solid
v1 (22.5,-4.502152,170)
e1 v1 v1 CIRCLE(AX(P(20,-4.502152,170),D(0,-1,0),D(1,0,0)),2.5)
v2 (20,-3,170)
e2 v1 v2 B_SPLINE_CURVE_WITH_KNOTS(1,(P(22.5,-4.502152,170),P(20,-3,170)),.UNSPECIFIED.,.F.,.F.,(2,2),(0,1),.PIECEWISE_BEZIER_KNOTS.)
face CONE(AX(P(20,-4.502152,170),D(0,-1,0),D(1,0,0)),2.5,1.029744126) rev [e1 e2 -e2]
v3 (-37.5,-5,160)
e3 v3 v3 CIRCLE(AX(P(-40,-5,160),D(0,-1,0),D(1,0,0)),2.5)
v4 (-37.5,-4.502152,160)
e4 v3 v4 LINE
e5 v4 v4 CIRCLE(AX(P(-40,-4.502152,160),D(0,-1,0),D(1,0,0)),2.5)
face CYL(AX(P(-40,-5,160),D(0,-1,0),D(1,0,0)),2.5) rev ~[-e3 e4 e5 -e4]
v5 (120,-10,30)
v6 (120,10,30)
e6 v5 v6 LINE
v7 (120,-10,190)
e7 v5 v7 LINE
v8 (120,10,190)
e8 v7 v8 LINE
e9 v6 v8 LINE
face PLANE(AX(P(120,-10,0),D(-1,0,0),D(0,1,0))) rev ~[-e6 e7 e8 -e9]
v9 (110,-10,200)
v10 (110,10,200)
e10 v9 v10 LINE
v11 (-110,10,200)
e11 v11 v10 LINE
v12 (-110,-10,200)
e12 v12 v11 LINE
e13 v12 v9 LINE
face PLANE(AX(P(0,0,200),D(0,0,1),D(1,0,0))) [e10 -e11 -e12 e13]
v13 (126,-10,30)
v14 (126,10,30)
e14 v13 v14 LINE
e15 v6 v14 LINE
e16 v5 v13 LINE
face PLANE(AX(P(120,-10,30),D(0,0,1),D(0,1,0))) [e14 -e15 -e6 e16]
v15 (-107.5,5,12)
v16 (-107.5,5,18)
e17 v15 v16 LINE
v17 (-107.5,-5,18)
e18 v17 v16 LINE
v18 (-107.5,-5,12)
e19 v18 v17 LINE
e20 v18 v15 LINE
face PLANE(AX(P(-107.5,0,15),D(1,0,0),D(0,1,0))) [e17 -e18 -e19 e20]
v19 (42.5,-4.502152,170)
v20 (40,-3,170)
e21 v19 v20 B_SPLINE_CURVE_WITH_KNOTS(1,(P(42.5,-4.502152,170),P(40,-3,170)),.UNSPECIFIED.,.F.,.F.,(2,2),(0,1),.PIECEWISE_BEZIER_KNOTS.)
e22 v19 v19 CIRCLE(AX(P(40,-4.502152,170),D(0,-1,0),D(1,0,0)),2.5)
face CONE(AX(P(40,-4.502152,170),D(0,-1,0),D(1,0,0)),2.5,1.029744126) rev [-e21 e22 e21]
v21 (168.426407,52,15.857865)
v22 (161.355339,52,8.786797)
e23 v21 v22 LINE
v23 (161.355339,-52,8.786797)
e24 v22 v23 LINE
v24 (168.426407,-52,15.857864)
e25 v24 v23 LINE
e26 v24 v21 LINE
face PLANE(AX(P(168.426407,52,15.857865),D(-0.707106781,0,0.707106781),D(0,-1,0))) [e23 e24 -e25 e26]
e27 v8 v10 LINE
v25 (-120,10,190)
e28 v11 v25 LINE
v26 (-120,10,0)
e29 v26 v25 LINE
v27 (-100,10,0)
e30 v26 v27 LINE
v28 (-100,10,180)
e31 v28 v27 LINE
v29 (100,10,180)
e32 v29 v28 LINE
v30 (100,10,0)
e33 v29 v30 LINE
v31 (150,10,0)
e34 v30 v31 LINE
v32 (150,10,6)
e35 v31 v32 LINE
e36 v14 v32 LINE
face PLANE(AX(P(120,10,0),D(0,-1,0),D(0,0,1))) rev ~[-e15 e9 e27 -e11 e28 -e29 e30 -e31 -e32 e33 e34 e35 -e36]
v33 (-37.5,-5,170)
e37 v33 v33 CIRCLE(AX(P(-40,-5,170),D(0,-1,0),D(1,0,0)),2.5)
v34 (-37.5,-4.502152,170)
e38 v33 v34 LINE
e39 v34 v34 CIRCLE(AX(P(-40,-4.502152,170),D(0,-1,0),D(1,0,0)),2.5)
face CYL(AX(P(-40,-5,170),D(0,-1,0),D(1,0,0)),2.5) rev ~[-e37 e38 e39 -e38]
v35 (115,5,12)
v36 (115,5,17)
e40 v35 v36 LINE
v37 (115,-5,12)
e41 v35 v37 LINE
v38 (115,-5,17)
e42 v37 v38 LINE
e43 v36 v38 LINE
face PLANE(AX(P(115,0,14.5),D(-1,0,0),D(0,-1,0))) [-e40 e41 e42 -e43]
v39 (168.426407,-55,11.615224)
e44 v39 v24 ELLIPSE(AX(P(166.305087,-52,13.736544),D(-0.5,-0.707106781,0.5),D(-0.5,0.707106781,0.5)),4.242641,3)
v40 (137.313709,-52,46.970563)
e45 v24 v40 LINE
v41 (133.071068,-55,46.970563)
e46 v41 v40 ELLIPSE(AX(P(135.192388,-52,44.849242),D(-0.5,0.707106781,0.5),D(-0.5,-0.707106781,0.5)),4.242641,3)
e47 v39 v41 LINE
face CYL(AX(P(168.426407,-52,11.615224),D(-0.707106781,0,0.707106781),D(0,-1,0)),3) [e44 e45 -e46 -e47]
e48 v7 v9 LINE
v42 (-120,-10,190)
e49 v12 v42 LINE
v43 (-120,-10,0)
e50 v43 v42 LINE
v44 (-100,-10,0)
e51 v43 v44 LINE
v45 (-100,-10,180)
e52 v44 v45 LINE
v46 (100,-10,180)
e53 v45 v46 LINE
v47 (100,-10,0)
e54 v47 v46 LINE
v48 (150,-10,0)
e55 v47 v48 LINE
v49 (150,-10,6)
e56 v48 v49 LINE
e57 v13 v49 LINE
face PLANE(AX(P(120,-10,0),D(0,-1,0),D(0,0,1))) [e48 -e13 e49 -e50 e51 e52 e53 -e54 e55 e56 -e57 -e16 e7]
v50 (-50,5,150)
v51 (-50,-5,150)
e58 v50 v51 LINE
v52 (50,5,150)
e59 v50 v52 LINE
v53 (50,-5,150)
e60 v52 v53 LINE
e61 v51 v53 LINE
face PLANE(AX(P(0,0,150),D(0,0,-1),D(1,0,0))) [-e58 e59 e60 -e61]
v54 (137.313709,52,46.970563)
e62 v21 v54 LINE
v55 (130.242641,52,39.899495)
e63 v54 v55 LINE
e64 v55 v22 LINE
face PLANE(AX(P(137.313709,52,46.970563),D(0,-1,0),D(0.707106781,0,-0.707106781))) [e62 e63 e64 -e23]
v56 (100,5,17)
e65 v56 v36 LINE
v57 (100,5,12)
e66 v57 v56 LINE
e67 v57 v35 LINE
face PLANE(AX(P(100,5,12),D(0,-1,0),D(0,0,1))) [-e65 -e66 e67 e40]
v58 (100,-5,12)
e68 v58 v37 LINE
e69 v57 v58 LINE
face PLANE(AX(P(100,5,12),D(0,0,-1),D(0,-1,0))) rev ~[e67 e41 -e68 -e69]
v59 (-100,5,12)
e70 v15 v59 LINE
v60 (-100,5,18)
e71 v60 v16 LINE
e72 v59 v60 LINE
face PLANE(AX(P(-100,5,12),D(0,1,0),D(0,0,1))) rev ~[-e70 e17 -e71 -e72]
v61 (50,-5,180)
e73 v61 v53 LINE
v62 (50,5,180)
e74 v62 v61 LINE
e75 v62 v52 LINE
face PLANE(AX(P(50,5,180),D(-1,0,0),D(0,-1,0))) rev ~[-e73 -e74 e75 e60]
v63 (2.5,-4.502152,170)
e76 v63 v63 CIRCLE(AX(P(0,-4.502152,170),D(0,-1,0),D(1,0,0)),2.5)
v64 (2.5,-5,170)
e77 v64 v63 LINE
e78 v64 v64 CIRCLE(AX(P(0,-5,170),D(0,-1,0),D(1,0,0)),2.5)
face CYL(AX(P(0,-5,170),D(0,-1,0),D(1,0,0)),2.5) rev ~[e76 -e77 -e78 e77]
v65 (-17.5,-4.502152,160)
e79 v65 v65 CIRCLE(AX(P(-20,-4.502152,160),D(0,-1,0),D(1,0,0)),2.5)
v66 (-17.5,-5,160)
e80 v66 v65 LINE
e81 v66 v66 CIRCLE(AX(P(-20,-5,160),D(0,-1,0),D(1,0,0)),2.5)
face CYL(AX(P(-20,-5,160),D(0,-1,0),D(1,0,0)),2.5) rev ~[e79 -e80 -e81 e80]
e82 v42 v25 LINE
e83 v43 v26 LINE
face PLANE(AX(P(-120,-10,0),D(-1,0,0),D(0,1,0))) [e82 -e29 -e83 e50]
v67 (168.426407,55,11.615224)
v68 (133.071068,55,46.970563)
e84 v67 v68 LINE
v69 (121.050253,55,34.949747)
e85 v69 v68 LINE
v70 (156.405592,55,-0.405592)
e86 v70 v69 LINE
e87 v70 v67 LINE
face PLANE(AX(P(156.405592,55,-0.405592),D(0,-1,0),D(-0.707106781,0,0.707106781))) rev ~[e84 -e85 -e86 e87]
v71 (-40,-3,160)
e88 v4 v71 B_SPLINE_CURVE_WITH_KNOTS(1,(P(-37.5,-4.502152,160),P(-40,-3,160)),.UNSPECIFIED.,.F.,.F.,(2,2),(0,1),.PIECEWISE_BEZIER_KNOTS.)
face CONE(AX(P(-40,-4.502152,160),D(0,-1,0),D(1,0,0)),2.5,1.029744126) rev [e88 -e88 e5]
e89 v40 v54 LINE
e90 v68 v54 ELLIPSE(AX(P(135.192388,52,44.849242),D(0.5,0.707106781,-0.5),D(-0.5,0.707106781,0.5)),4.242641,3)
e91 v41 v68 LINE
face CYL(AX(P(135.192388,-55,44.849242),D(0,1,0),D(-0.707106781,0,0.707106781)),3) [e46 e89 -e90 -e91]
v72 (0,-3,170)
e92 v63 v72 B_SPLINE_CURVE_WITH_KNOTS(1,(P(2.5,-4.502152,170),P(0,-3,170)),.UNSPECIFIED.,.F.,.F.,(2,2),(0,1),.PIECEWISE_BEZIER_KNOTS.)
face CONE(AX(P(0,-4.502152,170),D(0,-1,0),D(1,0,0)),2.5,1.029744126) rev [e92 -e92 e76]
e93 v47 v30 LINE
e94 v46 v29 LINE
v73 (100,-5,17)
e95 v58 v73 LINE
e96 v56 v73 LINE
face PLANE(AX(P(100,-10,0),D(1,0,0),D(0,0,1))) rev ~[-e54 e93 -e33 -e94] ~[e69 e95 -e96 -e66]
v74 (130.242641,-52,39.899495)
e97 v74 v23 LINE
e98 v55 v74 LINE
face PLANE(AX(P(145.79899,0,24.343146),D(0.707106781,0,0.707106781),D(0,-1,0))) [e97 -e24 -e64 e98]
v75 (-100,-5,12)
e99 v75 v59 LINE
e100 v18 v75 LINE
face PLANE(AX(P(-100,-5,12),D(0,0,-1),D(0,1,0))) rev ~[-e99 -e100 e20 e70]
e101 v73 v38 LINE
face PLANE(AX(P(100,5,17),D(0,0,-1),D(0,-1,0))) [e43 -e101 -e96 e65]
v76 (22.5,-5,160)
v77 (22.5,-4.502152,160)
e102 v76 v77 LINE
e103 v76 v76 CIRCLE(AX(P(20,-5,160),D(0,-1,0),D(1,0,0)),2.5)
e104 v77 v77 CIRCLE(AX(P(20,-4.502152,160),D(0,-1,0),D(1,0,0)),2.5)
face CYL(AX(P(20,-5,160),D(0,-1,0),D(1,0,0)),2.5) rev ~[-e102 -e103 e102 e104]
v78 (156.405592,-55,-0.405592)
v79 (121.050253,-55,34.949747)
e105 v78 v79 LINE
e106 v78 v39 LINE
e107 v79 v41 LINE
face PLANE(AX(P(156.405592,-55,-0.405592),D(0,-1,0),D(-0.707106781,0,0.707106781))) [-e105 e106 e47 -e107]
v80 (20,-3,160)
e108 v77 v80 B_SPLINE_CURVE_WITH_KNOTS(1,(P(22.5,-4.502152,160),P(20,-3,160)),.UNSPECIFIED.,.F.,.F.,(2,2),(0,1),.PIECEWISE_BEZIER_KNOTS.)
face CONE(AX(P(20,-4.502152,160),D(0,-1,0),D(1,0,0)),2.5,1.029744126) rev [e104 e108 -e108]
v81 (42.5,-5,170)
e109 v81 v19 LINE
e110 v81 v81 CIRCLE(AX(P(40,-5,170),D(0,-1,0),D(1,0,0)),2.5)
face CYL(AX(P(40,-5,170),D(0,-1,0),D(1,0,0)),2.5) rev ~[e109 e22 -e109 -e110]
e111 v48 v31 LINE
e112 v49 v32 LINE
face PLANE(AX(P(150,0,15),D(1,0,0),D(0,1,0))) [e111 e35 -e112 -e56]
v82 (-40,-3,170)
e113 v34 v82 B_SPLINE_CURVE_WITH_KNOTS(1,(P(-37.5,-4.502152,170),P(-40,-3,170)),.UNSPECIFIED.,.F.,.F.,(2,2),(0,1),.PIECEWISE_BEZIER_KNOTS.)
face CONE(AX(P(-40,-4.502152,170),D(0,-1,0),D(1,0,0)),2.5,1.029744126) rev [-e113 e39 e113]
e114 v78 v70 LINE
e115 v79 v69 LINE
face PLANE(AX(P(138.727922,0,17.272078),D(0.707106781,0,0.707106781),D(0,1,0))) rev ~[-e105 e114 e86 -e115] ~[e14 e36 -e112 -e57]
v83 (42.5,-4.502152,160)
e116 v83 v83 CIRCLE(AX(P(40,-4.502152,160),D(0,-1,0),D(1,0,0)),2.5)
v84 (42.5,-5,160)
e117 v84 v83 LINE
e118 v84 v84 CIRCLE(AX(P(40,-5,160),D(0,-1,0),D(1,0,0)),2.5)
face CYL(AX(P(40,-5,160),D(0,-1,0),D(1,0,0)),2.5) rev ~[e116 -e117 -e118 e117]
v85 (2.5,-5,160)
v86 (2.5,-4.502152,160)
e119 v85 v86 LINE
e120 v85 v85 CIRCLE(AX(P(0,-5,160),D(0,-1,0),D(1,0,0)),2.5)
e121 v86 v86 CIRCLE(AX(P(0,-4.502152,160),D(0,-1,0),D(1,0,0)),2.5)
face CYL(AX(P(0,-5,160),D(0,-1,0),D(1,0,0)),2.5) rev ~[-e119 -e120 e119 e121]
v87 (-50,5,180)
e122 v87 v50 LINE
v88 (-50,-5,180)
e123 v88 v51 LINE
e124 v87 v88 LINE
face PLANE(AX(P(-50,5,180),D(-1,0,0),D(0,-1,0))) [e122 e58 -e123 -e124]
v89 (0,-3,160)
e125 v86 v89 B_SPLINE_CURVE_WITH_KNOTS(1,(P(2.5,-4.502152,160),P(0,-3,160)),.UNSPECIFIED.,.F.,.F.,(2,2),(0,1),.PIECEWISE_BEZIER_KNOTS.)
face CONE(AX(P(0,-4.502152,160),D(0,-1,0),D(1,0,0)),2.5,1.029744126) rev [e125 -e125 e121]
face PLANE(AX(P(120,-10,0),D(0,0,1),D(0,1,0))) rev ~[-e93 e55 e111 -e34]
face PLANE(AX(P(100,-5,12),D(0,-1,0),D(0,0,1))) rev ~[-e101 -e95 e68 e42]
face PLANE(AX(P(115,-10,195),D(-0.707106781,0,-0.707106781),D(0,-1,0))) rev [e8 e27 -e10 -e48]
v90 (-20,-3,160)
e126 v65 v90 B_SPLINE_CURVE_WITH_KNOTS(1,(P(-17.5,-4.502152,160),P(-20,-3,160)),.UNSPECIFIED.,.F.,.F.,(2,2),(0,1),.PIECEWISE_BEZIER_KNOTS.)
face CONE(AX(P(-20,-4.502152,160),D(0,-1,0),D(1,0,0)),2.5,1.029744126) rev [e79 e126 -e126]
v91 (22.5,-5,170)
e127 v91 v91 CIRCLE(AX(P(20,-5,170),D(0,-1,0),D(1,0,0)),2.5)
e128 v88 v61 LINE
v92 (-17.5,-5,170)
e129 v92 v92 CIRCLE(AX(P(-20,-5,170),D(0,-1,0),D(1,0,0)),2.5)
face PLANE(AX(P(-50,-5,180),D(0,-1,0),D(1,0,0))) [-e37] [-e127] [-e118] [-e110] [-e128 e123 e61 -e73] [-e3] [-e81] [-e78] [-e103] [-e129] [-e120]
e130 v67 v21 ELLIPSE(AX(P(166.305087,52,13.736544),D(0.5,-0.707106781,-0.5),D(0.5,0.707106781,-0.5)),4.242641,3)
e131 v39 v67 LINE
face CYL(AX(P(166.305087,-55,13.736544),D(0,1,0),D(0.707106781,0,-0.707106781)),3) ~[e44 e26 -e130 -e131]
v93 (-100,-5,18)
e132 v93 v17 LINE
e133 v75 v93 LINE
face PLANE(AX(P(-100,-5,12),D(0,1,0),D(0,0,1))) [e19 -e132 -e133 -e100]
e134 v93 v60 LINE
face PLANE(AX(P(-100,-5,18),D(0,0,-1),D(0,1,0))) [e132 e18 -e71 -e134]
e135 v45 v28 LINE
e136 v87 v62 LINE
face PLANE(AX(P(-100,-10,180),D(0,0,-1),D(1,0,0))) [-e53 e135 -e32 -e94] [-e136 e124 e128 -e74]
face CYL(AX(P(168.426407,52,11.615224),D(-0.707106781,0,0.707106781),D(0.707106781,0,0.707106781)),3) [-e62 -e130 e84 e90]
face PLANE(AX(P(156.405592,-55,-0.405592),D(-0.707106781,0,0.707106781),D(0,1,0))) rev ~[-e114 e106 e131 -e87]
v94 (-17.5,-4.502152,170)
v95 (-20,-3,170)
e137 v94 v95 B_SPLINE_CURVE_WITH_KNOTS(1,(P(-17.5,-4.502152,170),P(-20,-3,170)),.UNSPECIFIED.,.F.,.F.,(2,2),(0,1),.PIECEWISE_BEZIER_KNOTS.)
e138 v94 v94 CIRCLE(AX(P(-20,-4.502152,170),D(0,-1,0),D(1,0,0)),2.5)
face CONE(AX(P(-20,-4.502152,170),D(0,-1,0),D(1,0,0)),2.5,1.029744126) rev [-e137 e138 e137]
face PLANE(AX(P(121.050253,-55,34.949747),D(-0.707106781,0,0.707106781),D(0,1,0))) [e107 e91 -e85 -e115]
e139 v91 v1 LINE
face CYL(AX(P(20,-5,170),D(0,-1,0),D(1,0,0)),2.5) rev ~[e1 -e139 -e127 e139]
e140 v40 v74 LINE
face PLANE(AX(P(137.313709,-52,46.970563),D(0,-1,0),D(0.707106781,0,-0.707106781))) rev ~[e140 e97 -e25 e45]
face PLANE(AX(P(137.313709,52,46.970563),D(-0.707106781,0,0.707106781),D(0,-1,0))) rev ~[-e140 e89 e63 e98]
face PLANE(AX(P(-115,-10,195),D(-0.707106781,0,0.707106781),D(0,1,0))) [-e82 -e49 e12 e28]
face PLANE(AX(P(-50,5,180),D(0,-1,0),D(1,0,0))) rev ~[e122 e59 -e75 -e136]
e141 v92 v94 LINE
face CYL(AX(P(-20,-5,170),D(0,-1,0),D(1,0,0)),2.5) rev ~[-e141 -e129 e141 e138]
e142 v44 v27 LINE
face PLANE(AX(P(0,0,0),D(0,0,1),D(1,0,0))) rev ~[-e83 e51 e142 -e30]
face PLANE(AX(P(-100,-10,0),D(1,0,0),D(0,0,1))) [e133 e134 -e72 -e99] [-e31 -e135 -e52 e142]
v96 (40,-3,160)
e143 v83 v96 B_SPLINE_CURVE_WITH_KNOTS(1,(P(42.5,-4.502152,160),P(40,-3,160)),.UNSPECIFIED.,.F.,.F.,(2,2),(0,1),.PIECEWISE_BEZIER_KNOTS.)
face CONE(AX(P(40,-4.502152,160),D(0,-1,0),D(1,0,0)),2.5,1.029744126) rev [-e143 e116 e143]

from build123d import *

# Parameters (mm, degrees)
SKETCH_W        = 240
SKETCH_H        = 20
PAD_DEPTH       = 200
SKETCH001_W     = 200
SKETCH001_H     = 180
POCKET_DEPTH    = 20.001
SKETCH002_W     = 100
SKETCH002_H     = 10
PAD001_DEPTH    = 30
SKETCH003_R     = 2.5
HOLE_DEPTH      = 0.497848
HOLE_TIPS_R     = 2.5
SKETCH004_W     = 10
SKETCH004_H     = 6
POCKET001_DEPTH = 7.5
SKETCH005_W     = 10
SKETCH005_H     = 5
POCKET002_DEPTH = 15
SKETCH006_W     = 20
SKETCH006_H     = 30
PAD002_DEPTH    = 30
CHAMFER_SIZE    = 24
SKETCH007_W     = 110
SKETCH007_H     = 50
PAD003_DEPTH    = 20
FILLET_R        = 3
FILLET_FACE8_W  = 104
FILLET_FACE8_H  = 44
POCKET003_DEPTH = 10
CHAMFER001_SIZE = 10


with BuildPart() as part:
    # Sketch → Pad (new body)
    with BuildSketch(Plane.XY):
        Rectangle(SKETCH_W, SKETCH_H)
    extrude(amount=PAD_DEPTH)

    # Sketch001 (on Face3 of Pad) → Pocket (cut, through all)
    with BuildSketch(Plane.XZ.offset(10)):
        with Locations((0, 90)):
            Rectangle(SKETCH001_W, SKETCH001_H)
    extrude(amount=-POCKET_DEPTH, mode=Mode.SUBTRACT)

    # Sketch002 (on Face4 of Pocket) → Pad001 (join)
    with BuildSketch(Plane(origin=(0, 0, 180), x_dir=(1, 0, 0), z_dir=(0, 0, -1))):
        Rectangle(SKETCH002_W, SKETCH002_H)
    extrude(amount=PAD001_DEPTH)

    # Sketch003 (on Face14 of Pad001) → Hole (cut)
    with BuildSketch(Plane.XZ.offset(5)):
        with Locations((-40, 170)):
            Circle(SKETCH003_R)
        with Locations((-20, 170)):
            Circle(SKETCH003_R)
        with Locations((0, 170)):
            Circle(SKETCH003_R)
        with Locations((20, 170)):
            Circle(SKETCH003_R)
        with Locations((40, 170)):
            Circle(SKETCH003_R)
        with Locations((-40, 160)):
            Circle(SKETCH003_R)
        with Locations((-20, 160)):
            Circle(SKETCH003_R)
        with Locations((0, 160)):
            Circle(SKETCH003_R)
        with Locations((20, 160)):
            Circle(SKETCH003_R)
        with Locations((40, 160)):
            Circle(SKETCH003_R)
    extrude(amount=-HOLE_DEPTH, mode=Mode.SUBTRACT)

    # Hole tips → Hole tip 1 section 0
    with BuildSketch(Plane.XZ.offset(4.502152), mode=Mode.PRIVATE) as hole_tip_1_s0:
        with Locations((-40, 170)):
            Circle(HOLE_TIPS_R)
    loft([hole_tip_1_s0.sketch, Vertex(-40, -3, 170)], mode=Mode.SUBTRACT)

    # Hole tips → Hole tip 2 section 0
    with BuildSketch(Plane.XZ.offset(4.502152), mode=Mode.PRIVATE) as hole_tip_2_s0:
        with Locations((-20, 170)):
            Circle(HOLE_TIPS_R)
    loft([hole_tip_2_s0.sketch, Vertex(-20, -3, 170)], mode=Mode.SUBTRACT)

    # Hole tips → Hole tip 3 section 0
    with BuildSketch(Plane.XZ.offset(4.502152), mode=Mode.PRIVATE) as hole_tip_3_s0:
        with Locations((0, 170)):
            Circle(HOLE_TIPS_R)
    loft([hole_tip_3_s0.sketch, Vertex(0, -3, 170)], mode=Mode.SUBTRACT)

    # Hole tips → Hole tip 4 section 0
    with BuildSketch(Plane.XZ.offset(4.502152), mode=Mode.PRIVATE) as hole_tip_4_s0:
        with Locations((20, 170)):
            Circle(HOLE_TIPS_R)
    loft([hole_tip_4_s0.sketch, Vertex(20, -3, 170)], mode=Mode.SUBTRACT)

    # Hole tips → Hole tip 5 section 0
    with BuildSketch(Plane.XZ.offset(4.502152), mode=Mode.PRIVATE) as hole_tip_5_s0:
        with Locations((40, 170)):
            Circle(HOLE_TIPS_R)
    loft([hole_tip_5_s0.sketch, Vertex(40, -3, 170)], mode=Mode.SUBTRACT)

    # Hole tips → Hole tip 6 section 0
    with BuildSketch(Plane.XZ.offset(4.502152), mode=Mode.PRIVATE) as hole_tip_6_s0:
        with Locations((-40, 160)):
            Circle(HOLE_TIPS_R)
    loft([hole_tip_6_s0.sketch, Vertex(-40, -3, 160)], mode=Mode.SUBTRACT)

    # Hole tips → Hole tip 7 section 0
    with BuildSketch(Plane.XZ.offset(4.502152), mode=Mode.PRIVATE) as hole_tip_7_s0:
        with Locations((-20, 160)):
            Circle(HOLE_TIPS_R)
    loft([hole_tip_7_s0.sketch, Vertex(-20, -3, 160)], mode=Mode.SUBTRACT)

    # Hole tips → Hole tip 8 section 0
    with BuildSketch(Plane.XZ.offset(4.502152), mode=Mode.PRIVATE) as hole_tip_8_s0:
        with Locations((0, 160)):
            Circle(HOLE_TIPS_R)
    loft([hole_tip_8_s0.sketch, Vertex(0, -3, 160)], mode=Mode.SUBTRACT)

    # Hole tips → Hole tip 9 section 0
    with BuildSketch(Plane.XZ.offset(4.502152), mode=Mode.PRIVATE) as hole_tip_9_s0:
        with Locations((20, 160)):
            Circle(HOLE_TIPS_R)
    loft([hole_tip_9_s0.sketch, Vertex(20, -3, 160)], mode=Mode.SUBTRACT)

    # Hole tips → Hole tip 10 section 0
    with BuildSketch(Plane.XZ.offset(4.502152), mode=Mode.PRIVATE) as hole_tip_10_s0:
        with Locations((40, 160)):
            Circle(HOLE_TIPS_R)
    loft([hole_tip_10_s0.sketch, Vertex(40, -3, 160)], mode=Mode.SUBTRACT)

    # Sketch004 (on Face3 of Hole) → Pocket001 (cut, symmetric)
    with BuildSketch(Plane.YZ.offset(-100)):
        with Locations((0, 15)):
            Rectangle(SKETCH004_W, SKETCH004_H)
    extrude(amount=POCKET001_DEPTH, both=True, mode=Mode.SUBTRACT)

    # Sketch005 (on Face5 of Pocket001) → Pocket002 (cut)
    with BuildSketch(Plane(origin=(100, 0, 0), x_dir=(0, -1, 0), z_dir=(-1, 0, 0))):
        with Locations((0, 14.5)):
            Rectangle(SKETCH005_W, SKETCH005_H)
    extrude(amount=-POCKET002_DEPTH, mode=Mode.SUBTRACT)

    # Sketch006 (on Face7 of Pocket002) → Pad002 (join)
    with BuildSketch(Plane.YZ.offset(120)):
        with Locations((0, 15)):
            Rectangle(SKETCH006_W, SKETCH006_H)
    extrude(amount=PAD002_DEPTH)

    # Chamfer
    chamfer_edges = [part.edges().sort_by_distance(p)[0] for p in [
        (150, 0, 30),
    ]]
    chamfer(chamfer_edges, length=CHAMFER_SIZE)

    # Sketch007 (on Face3 of Chamfer) → Pad003 (join)
    with BuildSketch(Plane(origin=(78, 0, 78), x_dir=(0, 1, 0), z_dir=(0.707107, 0, 0.707107))):
        with Locations((0, -85.882251)):
            Rectangle(SKETCH007_W, SKETCH007_H)
    extrude(amount=PAD003_DEPTH)

    # Fillet
    fillet_edges = [part.edges().sort_by_distance(p)[0] for p in [
        (152.870058, -55, 31.414214),
        (170.547727, 0, 13.736544),
        (135.192388, 0, 49.091883),
        (152.870058, 55, 31.414214),
    ]]
    fillet(fillet_edges, radius=FILLET_R)

    # Fillet Face8 → Pocket003 (cut)
    with BuildSketch(Plane(origin=(152.870058, 0, 31.414214), x_dir=(0, -1, 0), z_dir=(0.707107, 0, 0.707107))):
        Rectangle(FILLET_FACE8_W, FILLET_FACE8_H)
    extrude(amount=-POCKET003_DEPTH, mode=Mode.SUBTRACT)

    # Chamfer001
    chamfer001_edges = [part.edges().sort_by_distance(p)[0] for p in [
        (120, 0, 200),
        (-120, 0, 200),
    ]]
    chamfer(chamfer001_edges, length=CHAMFER001_SIZE)


solid = part.part
